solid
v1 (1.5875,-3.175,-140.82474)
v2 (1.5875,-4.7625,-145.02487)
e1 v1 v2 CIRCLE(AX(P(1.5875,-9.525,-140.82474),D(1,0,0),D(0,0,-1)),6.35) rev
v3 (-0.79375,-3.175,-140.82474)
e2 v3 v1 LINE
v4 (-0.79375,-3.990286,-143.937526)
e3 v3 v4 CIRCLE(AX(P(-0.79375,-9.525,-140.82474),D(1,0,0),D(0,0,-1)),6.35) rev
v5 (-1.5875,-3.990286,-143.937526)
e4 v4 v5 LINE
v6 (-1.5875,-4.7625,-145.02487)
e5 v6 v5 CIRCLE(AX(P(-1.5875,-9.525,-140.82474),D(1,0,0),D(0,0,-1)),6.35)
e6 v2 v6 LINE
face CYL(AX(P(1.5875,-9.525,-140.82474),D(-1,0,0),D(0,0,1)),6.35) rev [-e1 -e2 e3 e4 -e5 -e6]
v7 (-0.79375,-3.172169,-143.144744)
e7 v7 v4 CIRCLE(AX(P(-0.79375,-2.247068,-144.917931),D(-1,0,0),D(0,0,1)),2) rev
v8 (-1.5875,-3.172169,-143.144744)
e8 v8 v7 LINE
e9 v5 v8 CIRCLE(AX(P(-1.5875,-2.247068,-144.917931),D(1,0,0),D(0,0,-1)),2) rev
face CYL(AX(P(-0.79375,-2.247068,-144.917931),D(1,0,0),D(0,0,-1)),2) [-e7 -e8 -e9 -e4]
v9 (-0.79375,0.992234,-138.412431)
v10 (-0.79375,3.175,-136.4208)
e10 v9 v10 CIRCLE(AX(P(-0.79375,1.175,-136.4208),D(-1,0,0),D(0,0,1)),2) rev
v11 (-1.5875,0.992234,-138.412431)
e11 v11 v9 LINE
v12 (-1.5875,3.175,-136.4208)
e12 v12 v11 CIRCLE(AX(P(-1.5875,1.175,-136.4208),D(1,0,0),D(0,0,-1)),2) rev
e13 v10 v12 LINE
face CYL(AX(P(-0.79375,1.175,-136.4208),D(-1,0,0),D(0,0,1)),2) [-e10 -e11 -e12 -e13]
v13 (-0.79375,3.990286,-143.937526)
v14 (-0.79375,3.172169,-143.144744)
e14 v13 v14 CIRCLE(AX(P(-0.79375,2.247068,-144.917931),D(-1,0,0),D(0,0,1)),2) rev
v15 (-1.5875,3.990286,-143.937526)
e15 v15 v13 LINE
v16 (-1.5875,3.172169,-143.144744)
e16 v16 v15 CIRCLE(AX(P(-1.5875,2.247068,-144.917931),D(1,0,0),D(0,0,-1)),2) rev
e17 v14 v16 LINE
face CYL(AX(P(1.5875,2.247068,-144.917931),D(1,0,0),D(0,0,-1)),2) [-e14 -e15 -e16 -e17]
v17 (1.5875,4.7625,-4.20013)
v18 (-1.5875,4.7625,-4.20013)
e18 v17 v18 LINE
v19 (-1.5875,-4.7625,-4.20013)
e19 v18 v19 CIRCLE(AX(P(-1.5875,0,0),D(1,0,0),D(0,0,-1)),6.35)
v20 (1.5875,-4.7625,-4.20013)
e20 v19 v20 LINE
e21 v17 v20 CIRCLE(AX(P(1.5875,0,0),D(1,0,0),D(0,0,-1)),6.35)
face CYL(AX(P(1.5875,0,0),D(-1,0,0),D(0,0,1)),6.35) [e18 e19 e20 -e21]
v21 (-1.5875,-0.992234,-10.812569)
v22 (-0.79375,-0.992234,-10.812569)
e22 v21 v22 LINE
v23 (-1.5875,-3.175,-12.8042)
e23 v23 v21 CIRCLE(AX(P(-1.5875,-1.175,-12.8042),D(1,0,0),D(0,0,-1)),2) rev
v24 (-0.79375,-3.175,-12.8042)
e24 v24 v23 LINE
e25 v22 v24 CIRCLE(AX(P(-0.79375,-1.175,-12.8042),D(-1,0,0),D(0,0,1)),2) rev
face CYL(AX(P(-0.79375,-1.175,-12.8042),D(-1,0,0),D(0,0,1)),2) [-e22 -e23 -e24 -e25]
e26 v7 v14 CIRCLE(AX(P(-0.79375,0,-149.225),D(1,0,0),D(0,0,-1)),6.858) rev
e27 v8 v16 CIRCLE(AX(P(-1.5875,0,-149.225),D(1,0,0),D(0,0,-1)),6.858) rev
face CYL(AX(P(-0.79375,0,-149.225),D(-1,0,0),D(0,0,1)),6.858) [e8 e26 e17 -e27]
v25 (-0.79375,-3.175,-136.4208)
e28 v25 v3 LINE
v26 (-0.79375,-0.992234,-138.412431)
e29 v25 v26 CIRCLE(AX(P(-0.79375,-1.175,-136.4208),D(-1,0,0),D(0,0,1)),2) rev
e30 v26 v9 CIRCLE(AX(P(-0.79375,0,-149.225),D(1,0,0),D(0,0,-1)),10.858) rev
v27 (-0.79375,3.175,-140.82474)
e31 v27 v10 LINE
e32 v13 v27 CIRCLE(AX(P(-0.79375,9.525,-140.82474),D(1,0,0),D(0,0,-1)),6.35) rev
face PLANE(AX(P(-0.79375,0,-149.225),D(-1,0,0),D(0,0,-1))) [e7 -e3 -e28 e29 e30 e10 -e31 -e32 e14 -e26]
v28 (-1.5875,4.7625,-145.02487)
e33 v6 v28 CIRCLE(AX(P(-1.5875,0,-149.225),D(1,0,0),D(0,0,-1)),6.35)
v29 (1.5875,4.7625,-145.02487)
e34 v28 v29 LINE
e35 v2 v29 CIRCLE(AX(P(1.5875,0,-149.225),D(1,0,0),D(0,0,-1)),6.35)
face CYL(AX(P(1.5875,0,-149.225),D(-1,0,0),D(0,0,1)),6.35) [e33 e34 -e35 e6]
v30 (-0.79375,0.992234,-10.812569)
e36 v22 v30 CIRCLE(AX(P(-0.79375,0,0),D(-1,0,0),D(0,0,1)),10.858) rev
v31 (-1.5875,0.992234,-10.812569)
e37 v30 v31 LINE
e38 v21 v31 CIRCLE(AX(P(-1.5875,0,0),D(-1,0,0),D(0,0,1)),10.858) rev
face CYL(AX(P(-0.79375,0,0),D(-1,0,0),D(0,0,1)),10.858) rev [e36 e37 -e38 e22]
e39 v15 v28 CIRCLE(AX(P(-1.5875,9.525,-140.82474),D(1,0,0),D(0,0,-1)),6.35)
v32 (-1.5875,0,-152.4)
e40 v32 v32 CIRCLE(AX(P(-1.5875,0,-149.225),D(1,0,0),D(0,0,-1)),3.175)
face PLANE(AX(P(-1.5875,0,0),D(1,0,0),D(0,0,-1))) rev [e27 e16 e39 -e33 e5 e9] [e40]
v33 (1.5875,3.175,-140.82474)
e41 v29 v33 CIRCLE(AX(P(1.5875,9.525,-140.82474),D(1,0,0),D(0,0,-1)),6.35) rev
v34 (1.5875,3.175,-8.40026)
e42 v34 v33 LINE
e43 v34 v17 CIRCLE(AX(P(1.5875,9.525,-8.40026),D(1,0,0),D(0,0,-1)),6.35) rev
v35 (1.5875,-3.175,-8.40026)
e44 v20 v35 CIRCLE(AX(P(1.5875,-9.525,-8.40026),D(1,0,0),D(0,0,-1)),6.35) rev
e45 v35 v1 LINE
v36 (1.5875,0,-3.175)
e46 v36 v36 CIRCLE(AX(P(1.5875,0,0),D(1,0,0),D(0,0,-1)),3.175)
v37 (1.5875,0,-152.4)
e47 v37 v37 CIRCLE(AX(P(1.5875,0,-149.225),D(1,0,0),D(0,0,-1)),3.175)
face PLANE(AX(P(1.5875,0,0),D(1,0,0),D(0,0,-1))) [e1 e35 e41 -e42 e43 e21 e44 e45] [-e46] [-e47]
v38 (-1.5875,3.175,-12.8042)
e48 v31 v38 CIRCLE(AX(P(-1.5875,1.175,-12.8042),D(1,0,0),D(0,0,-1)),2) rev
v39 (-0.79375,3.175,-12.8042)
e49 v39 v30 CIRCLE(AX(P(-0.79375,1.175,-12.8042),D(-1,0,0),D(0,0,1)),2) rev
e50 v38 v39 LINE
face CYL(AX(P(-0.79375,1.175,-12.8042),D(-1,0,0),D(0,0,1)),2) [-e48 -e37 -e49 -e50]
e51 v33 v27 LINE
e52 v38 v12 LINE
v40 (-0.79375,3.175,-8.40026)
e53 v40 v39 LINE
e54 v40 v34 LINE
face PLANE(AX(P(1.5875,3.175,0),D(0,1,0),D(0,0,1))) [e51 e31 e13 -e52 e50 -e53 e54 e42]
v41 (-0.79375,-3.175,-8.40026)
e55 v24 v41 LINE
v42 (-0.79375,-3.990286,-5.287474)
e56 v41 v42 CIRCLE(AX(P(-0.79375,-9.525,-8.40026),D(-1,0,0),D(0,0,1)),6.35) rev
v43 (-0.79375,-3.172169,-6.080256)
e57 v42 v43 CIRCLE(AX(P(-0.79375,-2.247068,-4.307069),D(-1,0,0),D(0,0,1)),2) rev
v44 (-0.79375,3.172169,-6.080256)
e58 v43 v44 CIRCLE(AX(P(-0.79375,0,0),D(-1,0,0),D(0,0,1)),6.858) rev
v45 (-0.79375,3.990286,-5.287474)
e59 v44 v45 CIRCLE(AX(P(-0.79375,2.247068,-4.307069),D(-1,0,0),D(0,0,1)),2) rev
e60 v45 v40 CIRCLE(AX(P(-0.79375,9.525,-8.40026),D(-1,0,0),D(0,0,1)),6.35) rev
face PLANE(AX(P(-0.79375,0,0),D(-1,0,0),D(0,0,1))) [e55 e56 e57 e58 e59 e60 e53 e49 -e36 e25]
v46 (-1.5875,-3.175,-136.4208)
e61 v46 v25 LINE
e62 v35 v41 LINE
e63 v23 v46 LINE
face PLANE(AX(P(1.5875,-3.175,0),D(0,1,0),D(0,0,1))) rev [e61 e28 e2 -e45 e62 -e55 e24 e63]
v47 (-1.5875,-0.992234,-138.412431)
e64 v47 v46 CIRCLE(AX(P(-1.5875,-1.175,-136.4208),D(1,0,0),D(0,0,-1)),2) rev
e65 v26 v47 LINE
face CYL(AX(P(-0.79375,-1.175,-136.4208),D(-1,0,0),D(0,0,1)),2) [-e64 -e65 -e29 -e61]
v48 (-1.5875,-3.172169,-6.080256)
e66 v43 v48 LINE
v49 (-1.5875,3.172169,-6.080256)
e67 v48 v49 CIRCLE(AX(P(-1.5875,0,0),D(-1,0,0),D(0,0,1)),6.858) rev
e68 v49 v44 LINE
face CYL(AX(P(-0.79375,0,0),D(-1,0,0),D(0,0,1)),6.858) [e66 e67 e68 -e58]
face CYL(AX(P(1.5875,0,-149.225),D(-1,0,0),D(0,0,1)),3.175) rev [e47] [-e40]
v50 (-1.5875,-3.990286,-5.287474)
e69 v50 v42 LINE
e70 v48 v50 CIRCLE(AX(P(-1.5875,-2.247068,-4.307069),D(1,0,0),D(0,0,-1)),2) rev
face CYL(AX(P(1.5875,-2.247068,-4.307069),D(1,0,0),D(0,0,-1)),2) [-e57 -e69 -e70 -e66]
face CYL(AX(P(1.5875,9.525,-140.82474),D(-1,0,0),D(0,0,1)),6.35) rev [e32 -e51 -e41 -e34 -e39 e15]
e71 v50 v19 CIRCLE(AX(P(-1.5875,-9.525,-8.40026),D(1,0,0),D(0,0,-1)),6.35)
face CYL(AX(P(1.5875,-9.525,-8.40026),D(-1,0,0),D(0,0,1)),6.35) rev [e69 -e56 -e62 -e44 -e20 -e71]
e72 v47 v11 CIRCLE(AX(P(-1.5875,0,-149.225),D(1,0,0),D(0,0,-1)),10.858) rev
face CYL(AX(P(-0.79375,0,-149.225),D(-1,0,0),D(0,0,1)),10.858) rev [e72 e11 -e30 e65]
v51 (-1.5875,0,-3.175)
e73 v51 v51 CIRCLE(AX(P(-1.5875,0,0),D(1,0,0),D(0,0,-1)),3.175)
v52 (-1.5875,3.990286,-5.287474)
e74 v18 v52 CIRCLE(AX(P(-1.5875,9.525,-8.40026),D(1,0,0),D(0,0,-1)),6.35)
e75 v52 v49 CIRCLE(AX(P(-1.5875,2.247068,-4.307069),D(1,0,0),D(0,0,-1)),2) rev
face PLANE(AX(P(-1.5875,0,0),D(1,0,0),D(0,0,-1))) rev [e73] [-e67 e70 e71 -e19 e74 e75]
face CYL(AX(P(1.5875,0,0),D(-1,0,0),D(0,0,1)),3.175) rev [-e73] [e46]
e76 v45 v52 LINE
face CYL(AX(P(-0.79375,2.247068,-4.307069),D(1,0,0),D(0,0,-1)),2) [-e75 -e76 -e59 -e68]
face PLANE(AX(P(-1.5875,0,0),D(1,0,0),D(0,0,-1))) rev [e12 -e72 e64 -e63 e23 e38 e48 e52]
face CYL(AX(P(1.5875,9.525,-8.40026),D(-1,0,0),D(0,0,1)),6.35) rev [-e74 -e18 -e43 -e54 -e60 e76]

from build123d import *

# Parameters (mm, degrees)
SKETCH1_R           = 3.175
BOSS_EXTRUDE1_DEPTH = 1.5875
FILLET1_R           = 6.35
CUT_EXTRUDE1_DEPTH  = 0.79375
FILLET2_R           = 2


with BuildPart() as part:
    # Sketch1 → Boss-Extrude1 (new body, symmetric)
    with BuildSketch(Plane(origin=(0, 0, 0), x_dir=(0, 0, -1), z_dir=(1, 0, 0))):
        with BuildLine():
            ThreePointArc((5.499261314, 3.175), (-6.35, 0), (5.499261314, -3.175))
            Line((5.499261314, -3.175), (143.725738686, -3.175))
            ThreePointArc((143.725738686, -3.175), (155.575, 0), (143.725738686, 3.175))
            Line((143.725738686, 3.175), (5.499261314, 3.175))
        make_face()
        Circle(SKETCH1_R, mode=Mode.SUBTRACT)
        with Locations((149.225, 0)):
            Circle(SKETCH1_R, mode=Mode.SUBTRACT)
    extrude(amount=BOSS_EXTRUDE1_DEPTH, both=True)

    # Fillet1
    fillet1_edges = [part.edges().sort_by_distance(p)[0] for p in [
        (0, 3.175, -5.499261314),
        (0, 3.175, -143.725738686),
        (0, -3.175, -143.725738686),
        (0, -3.175, -5.499261314),
    ]]
    fillet(fillet1_edges, radius=FILLET1_R)

    # Sketch2 → Cut-Extrude1 (cut)
    with BuildSketch(Plane.ZY.offset(1.5875)):
        with BuildLine():
            Line((-10.383426303, -3.175), (-8.400260413, -3.175))
            ThreePointArc((-8.400260413, -3.175), (-7.035329576, -3.323430536), (-5.734208949, -3.761783052))
            ThreePointArc((-5.734208949, -3.761783052), (-6.858, 0), (-5.734208949, 3.761783052))
            ThreePointArc((-5.734208949, 3.761783052), (-7.035329576, 3.323430536), (-8.400260413, 3.175))
            Line((-8.400260413, 3.175), (-10.383426303, 3.175))
            ThreePointArc((-10.383426303, 3.175), (-10.858000128, 0), (-10.383426303, -3.175))
        make_face()
    cut_extrude1 = extrude(amount=-CUT_EXTRUDE1_DEPTH, mode=Mode.SUBTRACT)

    # Mirror1: Cut-Extrude1 across plane
    add(cut_extrude1.mirror(Plane.XY.offset(-74.6125)), mode=Mode.SUBTRACT)

    # Fillet2
    fillet2_edges = [part.edges().sort_by_distance(p)[0] for p in [
        (-1.190625, -3.175, -10.383426303),
        (-1.190625, 3.175, -10.383426303),
        (-1.190625, 3.761783052, -5.734208949),
        (-1.190625, -3.761783052, -5.734208949),
        (-1.190625, 3.175, -138.841573697),
        (-1.190625, -3.175, -138.841573697),
        (-1.190625, -3.761783052, -143.490791051),
        (-1.190625, 3.761783052, -143.490791051),
    ]]
    fillet(fillet2_edges, radius=FILLET2_R)


solid = part.part
